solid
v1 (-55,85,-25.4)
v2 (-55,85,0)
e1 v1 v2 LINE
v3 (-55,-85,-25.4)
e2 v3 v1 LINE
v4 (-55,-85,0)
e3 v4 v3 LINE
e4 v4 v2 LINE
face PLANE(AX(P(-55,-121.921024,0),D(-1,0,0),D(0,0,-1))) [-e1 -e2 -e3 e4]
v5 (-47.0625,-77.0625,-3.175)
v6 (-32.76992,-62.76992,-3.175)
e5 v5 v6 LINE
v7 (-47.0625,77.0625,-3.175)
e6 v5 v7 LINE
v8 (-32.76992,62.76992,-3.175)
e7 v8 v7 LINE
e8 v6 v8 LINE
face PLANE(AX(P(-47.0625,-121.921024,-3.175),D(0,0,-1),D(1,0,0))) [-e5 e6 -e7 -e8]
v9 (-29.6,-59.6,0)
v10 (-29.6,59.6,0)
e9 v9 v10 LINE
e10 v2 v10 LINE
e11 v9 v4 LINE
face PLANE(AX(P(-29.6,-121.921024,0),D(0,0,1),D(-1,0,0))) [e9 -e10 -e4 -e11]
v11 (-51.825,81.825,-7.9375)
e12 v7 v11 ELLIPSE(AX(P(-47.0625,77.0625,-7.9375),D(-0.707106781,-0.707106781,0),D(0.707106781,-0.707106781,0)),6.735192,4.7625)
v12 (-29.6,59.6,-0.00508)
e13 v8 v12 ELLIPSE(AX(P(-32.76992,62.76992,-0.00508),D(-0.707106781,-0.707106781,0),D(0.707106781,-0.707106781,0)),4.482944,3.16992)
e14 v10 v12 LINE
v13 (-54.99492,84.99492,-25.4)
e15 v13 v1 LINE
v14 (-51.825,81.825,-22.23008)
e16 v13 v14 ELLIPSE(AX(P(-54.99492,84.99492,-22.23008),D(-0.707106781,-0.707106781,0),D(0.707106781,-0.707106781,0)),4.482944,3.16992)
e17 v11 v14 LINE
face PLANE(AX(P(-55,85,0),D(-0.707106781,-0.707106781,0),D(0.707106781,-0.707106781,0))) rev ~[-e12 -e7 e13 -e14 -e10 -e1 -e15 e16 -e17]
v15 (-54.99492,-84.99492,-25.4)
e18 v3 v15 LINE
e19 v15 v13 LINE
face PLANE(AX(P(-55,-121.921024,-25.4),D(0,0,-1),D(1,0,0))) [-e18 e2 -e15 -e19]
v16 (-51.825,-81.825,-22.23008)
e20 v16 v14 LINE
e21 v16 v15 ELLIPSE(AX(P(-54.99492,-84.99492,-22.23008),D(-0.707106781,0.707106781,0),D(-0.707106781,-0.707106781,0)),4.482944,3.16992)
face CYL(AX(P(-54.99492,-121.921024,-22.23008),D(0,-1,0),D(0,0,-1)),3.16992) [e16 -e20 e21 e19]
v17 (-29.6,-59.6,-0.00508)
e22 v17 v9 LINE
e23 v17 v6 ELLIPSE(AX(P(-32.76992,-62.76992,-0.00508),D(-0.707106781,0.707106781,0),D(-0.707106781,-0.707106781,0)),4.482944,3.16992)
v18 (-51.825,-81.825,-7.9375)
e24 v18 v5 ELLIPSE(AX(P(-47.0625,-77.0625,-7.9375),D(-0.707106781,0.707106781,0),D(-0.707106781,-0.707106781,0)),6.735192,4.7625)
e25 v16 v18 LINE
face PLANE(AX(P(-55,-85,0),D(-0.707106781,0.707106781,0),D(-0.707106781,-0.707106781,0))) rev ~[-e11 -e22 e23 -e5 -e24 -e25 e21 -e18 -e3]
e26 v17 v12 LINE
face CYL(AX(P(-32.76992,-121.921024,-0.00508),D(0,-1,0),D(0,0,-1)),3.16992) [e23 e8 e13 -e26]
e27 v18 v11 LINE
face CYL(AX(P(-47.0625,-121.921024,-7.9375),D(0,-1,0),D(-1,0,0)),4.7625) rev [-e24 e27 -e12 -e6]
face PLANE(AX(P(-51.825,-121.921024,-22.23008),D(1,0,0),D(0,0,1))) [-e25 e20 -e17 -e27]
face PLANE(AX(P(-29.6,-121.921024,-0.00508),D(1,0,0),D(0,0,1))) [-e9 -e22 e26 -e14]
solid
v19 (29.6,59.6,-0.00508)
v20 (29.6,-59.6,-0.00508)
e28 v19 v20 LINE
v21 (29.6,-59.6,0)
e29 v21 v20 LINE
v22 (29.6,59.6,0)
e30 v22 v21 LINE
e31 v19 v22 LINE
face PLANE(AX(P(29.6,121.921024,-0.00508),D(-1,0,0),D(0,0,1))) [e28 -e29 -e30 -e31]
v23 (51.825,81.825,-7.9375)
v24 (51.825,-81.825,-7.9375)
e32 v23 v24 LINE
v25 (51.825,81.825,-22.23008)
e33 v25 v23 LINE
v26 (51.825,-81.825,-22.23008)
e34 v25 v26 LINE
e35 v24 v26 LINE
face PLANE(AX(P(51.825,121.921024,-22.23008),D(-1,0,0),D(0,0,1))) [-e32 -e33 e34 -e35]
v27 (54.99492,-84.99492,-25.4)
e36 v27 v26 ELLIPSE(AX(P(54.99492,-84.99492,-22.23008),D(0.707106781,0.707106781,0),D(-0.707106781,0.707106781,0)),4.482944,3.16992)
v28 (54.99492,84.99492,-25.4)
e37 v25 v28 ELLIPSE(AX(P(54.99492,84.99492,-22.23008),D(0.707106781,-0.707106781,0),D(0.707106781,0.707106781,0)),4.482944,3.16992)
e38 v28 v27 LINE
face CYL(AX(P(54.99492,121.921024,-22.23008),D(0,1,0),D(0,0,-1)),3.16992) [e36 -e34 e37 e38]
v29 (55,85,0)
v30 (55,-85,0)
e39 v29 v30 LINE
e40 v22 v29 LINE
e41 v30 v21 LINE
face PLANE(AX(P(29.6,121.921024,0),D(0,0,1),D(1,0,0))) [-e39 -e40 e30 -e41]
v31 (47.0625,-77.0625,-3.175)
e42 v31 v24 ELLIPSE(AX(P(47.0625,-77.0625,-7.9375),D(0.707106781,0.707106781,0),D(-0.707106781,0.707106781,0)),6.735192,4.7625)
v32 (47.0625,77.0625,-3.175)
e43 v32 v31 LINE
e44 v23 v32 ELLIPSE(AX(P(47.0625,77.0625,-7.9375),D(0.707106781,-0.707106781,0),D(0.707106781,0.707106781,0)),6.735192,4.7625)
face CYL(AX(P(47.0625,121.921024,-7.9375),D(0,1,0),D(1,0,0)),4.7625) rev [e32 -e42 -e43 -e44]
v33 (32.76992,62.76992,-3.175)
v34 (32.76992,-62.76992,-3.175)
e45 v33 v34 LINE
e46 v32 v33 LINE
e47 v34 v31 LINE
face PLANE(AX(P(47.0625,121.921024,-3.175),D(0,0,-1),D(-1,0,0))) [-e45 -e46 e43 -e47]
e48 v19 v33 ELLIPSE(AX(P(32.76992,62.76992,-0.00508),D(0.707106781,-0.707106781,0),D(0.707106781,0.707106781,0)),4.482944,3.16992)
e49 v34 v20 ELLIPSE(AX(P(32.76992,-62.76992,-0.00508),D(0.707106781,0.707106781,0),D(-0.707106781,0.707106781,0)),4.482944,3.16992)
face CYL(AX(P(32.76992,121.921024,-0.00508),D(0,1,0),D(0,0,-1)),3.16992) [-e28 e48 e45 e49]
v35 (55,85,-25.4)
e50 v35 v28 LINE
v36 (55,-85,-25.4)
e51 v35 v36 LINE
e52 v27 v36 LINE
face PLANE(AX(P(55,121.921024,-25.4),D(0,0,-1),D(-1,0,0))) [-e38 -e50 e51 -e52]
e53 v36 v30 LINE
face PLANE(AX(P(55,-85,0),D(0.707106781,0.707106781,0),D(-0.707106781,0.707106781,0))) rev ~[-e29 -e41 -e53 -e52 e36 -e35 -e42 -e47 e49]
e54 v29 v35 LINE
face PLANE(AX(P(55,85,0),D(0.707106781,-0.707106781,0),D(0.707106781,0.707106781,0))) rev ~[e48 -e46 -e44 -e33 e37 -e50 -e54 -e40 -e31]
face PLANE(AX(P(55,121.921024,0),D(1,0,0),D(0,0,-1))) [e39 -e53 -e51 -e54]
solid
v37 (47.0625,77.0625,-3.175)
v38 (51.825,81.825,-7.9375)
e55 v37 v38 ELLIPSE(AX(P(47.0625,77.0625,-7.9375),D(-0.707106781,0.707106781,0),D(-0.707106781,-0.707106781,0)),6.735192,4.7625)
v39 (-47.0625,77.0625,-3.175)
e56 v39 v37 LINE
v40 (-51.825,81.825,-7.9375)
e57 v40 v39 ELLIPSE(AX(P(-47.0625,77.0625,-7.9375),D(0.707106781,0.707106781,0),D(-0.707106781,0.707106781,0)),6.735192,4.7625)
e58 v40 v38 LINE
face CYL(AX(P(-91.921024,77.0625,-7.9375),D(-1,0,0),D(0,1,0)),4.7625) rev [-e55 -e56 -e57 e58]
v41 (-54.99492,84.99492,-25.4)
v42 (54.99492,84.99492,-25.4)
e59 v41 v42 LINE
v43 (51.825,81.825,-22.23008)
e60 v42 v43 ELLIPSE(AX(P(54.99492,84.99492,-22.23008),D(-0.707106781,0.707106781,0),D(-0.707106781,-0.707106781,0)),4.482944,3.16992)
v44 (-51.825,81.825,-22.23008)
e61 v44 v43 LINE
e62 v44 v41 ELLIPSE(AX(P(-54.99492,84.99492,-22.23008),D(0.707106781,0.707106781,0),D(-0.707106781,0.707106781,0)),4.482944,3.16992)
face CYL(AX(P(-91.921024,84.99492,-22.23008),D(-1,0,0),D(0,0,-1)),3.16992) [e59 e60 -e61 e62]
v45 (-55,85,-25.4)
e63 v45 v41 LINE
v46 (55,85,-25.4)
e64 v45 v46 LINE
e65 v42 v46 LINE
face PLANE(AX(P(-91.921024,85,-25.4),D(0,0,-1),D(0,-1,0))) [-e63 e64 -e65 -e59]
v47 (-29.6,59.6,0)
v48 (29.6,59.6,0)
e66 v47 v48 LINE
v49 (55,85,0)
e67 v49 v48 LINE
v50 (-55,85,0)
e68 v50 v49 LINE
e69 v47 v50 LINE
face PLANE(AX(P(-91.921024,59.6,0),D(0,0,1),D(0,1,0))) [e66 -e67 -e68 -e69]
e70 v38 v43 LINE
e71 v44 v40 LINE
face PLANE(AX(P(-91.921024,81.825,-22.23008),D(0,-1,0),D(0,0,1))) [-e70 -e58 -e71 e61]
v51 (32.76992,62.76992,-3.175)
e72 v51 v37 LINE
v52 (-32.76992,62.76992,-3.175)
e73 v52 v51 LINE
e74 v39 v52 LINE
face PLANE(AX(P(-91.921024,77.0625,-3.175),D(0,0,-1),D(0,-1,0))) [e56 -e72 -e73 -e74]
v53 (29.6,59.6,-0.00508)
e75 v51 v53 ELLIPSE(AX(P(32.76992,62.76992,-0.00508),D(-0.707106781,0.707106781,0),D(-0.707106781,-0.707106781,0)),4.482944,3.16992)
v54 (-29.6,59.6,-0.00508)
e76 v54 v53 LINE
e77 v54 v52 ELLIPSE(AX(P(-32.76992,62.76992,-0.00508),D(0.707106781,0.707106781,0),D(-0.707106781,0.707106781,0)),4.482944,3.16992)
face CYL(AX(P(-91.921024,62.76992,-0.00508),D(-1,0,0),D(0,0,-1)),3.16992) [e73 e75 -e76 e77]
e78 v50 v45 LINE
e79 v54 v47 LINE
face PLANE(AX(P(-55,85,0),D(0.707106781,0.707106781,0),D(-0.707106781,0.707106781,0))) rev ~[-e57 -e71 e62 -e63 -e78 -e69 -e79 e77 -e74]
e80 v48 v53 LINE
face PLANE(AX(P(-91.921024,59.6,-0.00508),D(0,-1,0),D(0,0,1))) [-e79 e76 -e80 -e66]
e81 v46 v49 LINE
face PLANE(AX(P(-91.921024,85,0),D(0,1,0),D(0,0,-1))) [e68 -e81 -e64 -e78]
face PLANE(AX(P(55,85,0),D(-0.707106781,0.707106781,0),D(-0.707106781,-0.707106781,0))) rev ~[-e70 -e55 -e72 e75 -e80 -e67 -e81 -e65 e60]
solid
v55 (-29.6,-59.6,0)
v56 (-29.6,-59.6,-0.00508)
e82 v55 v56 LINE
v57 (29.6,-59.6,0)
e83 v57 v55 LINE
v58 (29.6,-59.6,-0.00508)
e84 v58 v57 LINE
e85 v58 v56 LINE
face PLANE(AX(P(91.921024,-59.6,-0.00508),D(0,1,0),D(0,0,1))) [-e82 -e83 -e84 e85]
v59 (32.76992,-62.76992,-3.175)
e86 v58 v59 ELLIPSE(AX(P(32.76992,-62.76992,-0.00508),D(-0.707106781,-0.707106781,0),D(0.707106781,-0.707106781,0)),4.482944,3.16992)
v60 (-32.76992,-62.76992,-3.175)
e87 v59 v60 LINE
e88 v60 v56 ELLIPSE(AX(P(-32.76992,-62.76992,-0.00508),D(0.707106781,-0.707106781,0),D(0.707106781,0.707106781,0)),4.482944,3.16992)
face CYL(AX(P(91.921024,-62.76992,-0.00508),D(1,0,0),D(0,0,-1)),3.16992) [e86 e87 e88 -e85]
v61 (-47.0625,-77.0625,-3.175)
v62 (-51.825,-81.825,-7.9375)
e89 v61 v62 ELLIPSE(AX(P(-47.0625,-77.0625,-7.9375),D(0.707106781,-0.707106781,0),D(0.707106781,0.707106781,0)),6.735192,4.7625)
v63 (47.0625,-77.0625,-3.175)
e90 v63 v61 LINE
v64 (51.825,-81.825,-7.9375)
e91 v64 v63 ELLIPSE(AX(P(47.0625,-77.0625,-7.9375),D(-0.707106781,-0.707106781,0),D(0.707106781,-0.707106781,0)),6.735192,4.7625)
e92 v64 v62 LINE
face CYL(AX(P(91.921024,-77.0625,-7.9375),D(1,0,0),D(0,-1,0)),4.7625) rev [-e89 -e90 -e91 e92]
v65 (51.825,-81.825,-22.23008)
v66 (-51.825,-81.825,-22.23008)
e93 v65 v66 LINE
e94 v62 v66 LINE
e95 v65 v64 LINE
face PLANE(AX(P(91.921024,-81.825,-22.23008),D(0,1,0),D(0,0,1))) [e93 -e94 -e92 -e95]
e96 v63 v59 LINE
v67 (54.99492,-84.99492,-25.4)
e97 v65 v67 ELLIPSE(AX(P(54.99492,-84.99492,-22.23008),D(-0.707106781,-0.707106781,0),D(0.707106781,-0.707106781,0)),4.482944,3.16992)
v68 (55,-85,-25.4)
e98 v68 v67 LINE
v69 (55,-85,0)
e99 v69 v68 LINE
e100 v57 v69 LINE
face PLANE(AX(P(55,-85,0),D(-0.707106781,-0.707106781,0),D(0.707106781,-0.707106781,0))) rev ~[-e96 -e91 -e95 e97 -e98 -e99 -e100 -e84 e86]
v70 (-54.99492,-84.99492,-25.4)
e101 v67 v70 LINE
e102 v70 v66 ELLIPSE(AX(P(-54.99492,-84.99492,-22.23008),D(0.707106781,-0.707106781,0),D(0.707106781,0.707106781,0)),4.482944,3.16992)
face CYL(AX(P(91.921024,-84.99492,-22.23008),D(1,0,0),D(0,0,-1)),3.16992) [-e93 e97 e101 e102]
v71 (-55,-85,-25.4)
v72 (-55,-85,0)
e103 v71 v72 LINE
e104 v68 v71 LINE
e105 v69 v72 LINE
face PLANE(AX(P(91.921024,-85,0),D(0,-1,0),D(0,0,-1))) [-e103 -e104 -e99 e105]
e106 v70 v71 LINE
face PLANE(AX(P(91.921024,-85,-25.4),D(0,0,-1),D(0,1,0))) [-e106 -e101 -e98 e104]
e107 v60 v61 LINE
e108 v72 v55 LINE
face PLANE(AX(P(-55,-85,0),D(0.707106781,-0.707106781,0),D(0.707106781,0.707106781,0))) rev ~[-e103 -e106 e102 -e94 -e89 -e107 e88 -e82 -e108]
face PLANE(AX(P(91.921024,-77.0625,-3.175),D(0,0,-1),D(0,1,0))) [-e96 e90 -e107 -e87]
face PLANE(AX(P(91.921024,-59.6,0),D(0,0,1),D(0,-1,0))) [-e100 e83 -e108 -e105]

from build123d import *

# Parameters (mm, degrees)
HIERRO_ANGULAR_1_X_1_X_0_125_1_DEPTH      = 206.921024484
HIERRO_ANGULAR_1_X_1_X_0_125_1_DEPTH_BACK = 36.921024484
HIERRO_ANGULAR_1_X_1_X_0_125_1_2_DEPTH    = 183.842048969
HIERRO_ANGULAR_1_X_1_X_0_125_1_3_DEPTH    = 243.842048969
HIERRO_ANGULAR_1_X_1_X_0_125_1_4_DEPTH    = 183.842048969


with BuildPart() as part:
    # Sketch1 → Hierro angular 1 X 1 X 0.125(1) (new, two sides: drawn at the far end of the back side and taken through both)
    with BuildSketch(Plane(origin=(-55, -85, 0), x_dir=(1, 0, 0), z_dir=(0, 1, 0)).offset(-HIERRO_ANGULAR_1_X_1_X_0_125_1_DEPTH_BACK)):
        with BuildLine():
            Line((0, 0), (0, 25.4))
            Line((0, 25.4), (0.00508, 25.4))
            ThreePointArc((0.00508, 25.4), (2.246551928, 24.471551928), (3.175, 22.23008))
            Line((3.175, 22.23008), (3.175, 7.9375))
            ThreePointArc((3.175, 7.9375), (4.569903955, 4.569903955), (7.9375, 3.175))
            Line((7.9375, 3.175), (22.23008, 3.175))
            ThreePointArc((22.23008, 3.175), (24.471551928, 2.246551928), (25.4, 0.00508))
            Line((25.4, 0.00508), (25.4, 0))
            Line((25.4, 0), (0, 0))
        make_face()
    extrude(amount=HIERRO_ANGULAR_1_X_1_X_0_125_1_DEPTH + HIERRO_ANGULAR_1_X_1_X_0_125_1_DEPTH_BACK)

    # Hierro angular 1 X 1 X 0.125(1) mitre 1
    split(bisect_by=Plane(origin=(-55, -85, 0), x_dir=(-0.707106781, -0.707106781, 0), z_dir=(-0.707106781, 0.707106781, 0)), keep=Keep.TOP)

    # Hierro angular 1 X 1 X 0.125(1) mitre 2
    split(bisect_by=Plane(origin=(-55, 85, 0), x_dir=(0.707106781, -0.707106781, 0), z_dir=(-0.707106781, -0.707106781, 0)), keep=Keep.TOP)


with BuildPart() as body_2:
    # Sketch1 on segment 2 (carried to segment 2) → Hierro angular 1 X 1 X 0.125_1 2 (new body)
    with BuildSketch(Plane(origin=(-91.921024484, 85, 0), x_dir=(0, -1, 0), z_dir=(1, 0, 0))):
        with BuildLine():
            Line((0, 0), (0, 25.4))
            Line((0, 25.4), (0.00508, 25.4))
            ThreePointArc((0.00508, 25.4), (2.246551928, 24.471551928), (3.175, 22.23008))
            Line((3.175, 22.23008), (3.175, 7.9375))
            ThreePointArc((3.175, 7.9375), (4.569903955, 4.569903955), (7.9375, 3.175))
            Line((7.9375, 3.175), (22.23008, 3.175))
            ThreePointArc((22.23008, 3.175), (24.471551928, 2.246551928), (25.4, 0.00508))
            Line((25.4, 0.00508), (25.4, 0))
            Line((25.4, 0), (0, 0))
        make_face()
    extrude(amount=HIERRO_ANGULAR_1_X_1_X_0_125_1_2_DEPTH)

    # Hierro angular 1 X 1 X 0.125_1 2 mitre 1
    split(bisect_by=Plane(origin=(55, 85, 0), x_dir=(-0.707106781, -0.707106781, 0), z_dir=(-0.707106781, 0.707106781, 0)), keep=Keep.TOP)

    # Hierro angular 1 X 1 X 0.125_1 2 mitre 2
    split(bisect_by=Plane(origin=(-55, 85, 0), x_dir=(-0.707106781, 0.707106781, 0), z_dir=(0.707106781, 0.707106781, 0)), keep=Keep.TOP)


with BuildPart() as body_3:
    # Sketch1 on segment 3 (carried to segment 3) → Hierro angular 1 X 1 X 0.125_1 3 (new body)
    with BuildSketch(Plane(origin=(55, 121.921024484, 0), x_dir=(-1, 0, 0), z_dir=(0, -1, 0))):
        with BuildLine():
            Line((0, 0), (0, 25.4))
            Line((0, 25.4), (0.00508, 25.4))
            ThreePointArc((0.00508, 25.4), (2.246551928, 24.471551928), (3.175, 22.23008))
            Line((3.175, 22.23008), (3.175, 7.9375))
            ThreePointArc((3.175, 7.9375), (4.569903955, 4.569903955), (7.9375, 3.175))
            Line((7.9375, 3.175), (22.23008, 3.175))
            ThreePointArc((22.23008, 3.175), (24.471551928, 2.246551928), (25.4, 0.00508))
            Line((25.4, 0.00508), (25.4, 0))
            Line((25.4, 0), (0, 0))
        make_face()
    extrude(amount=HIERRO_ANGULAR_1_X_1_X_0_125_1_3_DEPTH)

    # Hierro angular 1 X 1 X 0.125_1 3 mitre 1
    split(bisect_by=Plane(origin=(55, -85, 0), x_dir=(-0.707106781, 0.707106781, 0), z_dir=(0.707106781, 0.707106781, 0)), keep=Keep.TOP)

    # Hierro angular 1 X 1 X 0.125_1 3 mitre 2
    split(bisect_by=Plane(origin=(55, 85, 0), x_dir=(0.707106781, 0.707106781, 0), z_dir=(0.707106781, -0.707106781, 0)), keep=Keep.TOP)


with BuildPart() as body_4:
    # Sketch1 on segment 4 (carried to segment 4) → Hierro angular 1 X 1 X 0.125_1 4 (new body)
    with BuildSketch(Plane(origin=(91.921024484, -85, 0), x_dir=(0, 1, 0), z_dir=(-1, 0, 0))):
        with BuildLine():
            Line((0, 0), (0, 25.4))
            Line((0, 25.4), (0.00508, 25.4))
            ThreePointArc((0.00508, 25.4), (2.246551928, 24.471551928), (3.175, 22.23008))
            Line((3.175, 22.23008), (3.175, 7.9375))
            ThreePointArc((3.175, 7.9375), (4.569903955, 4.569903955), (7.9375, 3.175))
            Line((7.9375, 3.175), (22.23008, 3.175))
            ThreePointArc((22.23008, 3.175), (24.471551928, 2.246551928), (25.4, 0.00508))
            Line((25.4, 0.00508), (25.4, 0))
            Line((25.4, 0), (0, 0))
        make_face()
    extrude(amount=HIERRO_ANGULAR_1_X_1_X_0_125_1_4_DEPTH)

    # Hierro angular 1 X 1 X 0.125_1 4 mitre 1
    split(bisect_by=Plane(origin=(55, -85, 0), x_dir=(0.707106781, -0.707106781, 0), z_dir=(-0.707106781, -0.707106781, 0)), keep=Keep.TOP)

    # Hierro angular 1 X 1 X 0.125_1 4 mitre 2
    split(bisect_by=Plane(origin=(-55, -85, 0), x_dir=(0.707106781, 0.707106781, 0), z_dir=(0.707106781, -0.707106781, 0)), keep=Keep.TOP)


solid = Compound([part.part, body_2.part, body_3.part, body_4.part])
